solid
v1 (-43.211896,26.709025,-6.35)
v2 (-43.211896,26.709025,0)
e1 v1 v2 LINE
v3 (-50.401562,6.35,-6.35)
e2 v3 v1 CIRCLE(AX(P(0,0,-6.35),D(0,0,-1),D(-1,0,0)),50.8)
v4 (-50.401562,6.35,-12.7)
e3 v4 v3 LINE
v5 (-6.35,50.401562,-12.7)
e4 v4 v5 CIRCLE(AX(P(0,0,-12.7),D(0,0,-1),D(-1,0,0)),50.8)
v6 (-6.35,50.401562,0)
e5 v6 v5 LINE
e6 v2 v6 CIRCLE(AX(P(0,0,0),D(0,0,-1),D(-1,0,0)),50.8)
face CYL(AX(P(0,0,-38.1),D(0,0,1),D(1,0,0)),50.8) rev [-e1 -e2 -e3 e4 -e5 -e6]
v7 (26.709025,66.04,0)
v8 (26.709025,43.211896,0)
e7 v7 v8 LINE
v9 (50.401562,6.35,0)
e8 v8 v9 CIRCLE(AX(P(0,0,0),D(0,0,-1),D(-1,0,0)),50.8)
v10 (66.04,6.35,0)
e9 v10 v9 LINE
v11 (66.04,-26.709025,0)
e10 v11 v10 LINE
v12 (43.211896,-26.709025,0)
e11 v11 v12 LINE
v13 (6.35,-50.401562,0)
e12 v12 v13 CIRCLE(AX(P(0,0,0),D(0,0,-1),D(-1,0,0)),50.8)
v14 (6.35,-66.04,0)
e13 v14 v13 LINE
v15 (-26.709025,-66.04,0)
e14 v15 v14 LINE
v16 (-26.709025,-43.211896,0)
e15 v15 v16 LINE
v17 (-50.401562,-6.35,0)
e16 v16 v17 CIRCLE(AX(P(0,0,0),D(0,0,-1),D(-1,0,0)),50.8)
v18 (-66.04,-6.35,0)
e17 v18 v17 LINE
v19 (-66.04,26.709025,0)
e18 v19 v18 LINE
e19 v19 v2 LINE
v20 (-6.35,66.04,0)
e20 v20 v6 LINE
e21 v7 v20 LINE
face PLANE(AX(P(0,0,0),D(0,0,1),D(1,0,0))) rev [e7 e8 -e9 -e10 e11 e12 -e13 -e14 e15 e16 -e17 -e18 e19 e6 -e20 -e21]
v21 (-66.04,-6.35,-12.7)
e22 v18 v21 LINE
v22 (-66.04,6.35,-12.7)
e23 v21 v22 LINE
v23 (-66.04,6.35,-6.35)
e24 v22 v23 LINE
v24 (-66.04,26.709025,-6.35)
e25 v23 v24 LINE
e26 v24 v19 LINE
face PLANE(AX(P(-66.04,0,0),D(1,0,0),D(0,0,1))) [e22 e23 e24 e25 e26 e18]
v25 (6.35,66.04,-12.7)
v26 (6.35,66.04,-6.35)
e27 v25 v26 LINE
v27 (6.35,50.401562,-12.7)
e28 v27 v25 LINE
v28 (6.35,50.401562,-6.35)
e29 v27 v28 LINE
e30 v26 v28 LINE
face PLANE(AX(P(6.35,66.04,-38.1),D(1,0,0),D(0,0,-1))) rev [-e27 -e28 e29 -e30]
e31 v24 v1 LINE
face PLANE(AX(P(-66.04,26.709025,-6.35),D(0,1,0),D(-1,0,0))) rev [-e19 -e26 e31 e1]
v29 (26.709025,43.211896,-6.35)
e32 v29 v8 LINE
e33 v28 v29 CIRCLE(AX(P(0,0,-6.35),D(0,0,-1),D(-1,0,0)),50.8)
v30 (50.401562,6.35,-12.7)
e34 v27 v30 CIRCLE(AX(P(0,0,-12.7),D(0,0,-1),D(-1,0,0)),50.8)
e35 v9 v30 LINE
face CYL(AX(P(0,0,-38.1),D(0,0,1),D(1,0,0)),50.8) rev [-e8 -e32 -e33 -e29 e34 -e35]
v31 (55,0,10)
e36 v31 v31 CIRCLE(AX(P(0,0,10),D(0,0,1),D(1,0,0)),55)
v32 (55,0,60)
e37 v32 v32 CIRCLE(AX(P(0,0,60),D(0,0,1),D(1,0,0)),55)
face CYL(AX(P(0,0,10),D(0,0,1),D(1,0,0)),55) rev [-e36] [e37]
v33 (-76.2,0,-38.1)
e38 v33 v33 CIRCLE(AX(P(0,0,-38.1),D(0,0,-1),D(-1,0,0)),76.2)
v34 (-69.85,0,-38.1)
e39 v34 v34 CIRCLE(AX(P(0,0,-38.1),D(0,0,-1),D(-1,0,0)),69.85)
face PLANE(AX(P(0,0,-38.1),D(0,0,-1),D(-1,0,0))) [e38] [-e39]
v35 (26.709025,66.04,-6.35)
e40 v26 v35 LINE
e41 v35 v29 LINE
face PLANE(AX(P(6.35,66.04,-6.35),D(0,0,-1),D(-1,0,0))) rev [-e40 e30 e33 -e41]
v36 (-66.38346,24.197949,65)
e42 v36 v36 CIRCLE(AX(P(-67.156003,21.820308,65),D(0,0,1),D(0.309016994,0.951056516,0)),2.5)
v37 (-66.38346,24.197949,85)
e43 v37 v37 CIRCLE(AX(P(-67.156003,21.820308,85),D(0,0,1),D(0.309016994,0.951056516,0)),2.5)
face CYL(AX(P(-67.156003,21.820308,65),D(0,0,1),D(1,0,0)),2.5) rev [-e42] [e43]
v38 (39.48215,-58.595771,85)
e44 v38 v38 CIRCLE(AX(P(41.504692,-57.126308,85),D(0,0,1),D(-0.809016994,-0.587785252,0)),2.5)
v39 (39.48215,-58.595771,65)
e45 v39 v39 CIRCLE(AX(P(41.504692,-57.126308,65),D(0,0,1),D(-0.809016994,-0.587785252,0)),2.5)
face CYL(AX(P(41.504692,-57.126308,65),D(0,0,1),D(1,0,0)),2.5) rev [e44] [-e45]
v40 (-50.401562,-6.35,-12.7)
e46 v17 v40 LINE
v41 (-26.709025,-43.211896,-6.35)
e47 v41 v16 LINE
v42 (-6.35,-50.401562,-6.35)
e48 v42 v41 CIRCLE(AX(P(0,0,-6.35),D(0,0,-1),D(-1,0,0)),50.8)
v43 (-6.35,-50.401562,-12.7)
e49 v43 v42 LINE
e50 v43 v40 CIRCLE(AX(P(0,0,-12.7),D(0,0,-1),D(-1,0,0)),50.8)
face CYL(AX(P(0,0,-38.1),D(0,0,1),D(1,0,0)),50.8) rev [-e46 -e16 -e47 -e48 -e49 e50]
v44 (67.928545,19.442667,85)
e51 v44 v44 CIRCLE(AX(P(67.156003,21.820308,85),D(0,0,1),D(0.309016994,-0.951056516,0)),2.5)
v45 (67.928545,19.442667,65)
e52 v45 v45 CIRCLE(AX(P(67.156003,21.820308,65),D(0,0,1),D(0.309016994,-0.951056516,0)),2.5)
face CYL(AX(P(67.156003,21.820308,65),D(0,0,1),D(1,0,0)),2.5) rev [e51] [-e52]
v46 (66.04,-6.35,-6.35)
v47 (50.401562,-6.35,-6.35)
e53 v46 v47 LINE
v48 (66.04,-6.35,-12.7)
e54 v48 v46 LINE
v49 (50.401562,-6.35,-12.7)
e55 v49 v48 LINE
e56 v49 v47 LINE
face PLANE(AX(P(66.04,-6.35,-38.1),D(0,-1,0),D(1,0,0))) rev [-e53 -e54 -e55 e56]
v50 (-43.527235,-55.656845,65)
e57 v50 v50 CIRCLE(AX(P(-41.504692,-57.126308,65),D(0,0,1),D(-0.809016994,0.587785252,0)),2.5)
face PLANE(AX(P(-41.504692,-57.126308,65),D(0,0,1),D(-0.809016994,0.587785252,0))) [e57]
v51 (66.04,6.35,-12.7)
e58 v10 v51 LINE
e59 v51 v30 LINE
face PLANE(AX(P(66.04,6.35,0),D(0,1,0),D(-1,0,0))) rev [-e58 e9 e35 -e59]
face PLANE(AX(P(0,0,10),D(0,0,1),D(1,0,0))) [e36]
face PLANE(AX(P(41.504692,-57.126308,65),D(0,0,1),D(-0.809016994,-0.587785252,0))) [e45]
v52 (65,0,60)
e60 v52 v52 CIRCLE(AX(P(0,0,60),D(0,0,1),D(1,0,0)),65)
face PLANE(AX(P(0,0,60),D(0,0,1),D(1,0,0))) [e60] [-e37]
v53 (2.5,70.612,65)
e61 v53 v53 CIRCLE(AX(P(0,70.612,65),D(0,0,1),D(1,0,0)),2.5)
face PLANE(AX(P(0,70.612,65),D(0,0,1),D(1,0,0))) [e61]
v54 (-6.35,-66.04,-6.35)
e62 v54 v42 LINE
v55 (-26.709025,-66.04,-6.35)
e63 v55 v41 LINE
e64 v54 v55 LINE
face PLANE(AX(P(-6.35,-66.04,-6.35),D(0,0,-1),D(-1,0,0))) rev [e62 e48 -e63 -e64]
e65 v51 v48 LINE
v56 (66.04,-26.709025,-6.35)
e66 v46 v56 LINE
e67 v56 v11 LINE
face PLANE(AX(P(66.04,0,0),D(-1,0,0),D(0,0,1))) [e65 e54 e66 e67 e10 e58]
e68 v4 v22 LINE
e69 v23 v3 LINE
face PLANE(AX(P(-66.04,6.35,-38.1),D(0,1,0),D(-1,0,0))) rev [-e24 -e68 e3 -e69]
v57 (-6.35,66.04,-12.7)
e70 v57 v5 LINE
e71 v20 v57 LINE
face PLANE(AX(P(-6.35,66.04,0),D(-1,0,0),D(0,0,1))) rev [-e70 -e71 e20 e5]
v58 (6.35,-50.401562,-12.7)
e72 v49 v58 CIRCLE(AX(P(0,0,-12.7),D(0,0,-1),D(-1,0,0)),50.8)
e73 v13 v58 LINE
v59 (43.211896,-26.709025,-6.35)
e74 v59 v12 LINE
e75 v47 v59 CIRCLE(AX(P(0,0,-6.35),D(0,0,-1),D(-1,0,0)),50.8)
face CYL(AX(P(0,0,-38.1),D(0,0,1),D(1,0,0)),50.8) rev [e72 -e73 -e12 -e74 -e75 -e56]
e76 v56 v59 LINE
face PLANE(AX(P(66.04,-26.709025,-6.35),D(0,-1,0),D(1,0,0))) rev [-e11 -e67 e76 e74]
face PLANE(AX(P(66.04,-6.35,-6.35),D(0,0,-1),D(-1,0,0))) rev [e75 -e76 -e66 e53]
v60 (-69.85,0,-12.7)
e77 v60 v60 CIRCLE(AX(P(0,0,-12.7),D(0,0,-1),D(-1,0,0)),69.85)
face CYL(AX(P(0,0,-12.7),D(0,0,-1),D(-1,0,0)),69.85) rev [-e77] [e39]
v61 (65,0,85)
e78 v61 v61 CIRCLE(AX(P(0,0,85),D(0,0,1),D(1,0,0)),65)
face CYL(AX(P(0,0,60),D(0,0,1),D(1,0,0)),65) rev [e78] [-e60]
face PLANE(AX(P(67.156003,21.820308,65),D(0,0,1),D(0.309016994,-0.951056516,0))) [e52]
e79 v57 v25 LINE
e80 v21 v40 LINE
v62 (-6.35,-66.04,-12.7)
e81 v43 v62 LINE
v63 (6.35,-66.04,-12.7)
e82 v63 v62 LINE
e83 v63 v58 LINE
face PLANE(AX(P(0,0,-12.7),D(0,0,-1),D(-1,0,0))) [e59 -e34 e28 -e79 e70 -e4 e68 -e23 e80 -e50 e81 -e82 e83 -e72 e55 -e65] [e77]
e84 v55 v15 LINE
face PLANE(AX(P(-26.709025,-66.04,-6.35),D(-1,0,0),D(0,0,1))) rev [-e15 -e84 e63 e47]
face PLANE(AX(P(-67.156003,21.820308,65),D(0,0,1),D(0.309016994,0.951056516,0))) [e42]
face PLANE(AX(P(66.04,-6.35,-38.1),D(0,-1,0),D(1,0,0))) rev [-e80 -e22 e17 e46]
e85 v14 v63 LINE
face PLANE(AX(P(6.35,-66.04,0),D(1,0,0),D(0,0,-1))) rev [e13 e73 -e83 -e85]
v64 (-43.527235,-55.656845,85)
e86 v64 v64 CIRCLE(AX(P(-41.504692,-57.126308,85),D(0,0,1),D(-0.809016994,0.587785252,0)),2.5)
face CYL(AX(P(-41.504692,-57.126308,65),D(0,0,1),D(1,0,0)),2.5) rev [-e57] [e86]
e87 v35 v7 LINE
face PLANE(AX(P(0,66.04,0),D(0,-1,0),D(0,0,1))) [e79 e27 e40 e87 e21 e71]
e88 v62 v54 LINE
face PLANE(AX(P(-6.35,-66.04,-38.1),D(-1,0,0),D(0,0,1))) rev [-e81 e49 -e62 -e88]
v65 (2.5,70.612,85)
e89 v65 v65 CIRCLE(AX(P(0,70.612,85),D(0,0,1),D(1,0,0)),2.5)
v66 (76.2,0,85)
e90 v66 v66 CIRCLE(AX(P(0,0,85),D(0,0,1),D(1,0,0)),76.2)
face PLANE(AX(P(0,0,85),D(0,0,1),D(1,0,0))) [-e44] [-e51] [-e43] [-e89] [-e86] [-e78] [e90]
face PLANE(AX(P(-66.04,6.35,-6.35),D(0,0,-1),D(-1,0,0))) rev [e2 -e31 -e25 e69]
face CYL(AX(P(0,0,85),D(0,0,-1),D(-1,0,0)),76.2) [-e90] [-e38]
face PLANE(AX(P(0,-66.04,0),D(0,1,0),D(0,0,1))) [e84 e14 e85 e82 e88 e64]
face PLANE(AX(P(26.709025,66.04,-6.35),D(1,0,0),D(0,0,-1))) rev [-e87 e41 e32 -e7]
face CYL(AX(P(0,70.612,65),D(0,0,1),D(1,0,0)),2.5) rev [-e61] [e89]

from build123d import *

# Parameters (mm, degrees)
SKETCH2_R           = 76.2
BOSS_EXTRUDE1_DEPTH = 85
SKETCH4_R           = 65
CUT_EXTRUDE2_DEPTH  = 25
SKETCH5_R           = 55
CUT_EXTRUDE3_DEPTH  = 50
SKETCH7_R           = 2.5
CUT_EXTRUDE4_DEPTH  = 20
CIRPATTERN1_COUNT   = 5
BOSS_EXTRUDE2_START = 38.1
SKETCH8_R           = 76.2
SKETCH8_R_2         = 50.8
BOSS_EXTRUDE2_DEPTH = 38.1
CUT_EXTRUDE5_DEPTH  = 66.04
CIRPATTERN2_COUNT   = 4
SKETCH12_R          = 69.85
CUT_EXTRUDE6_DEPTH  = 25.4


with BuildPart() as part:
    # Sketch2 → Boss-Extrude1 (new body)
    with BuildSketch(Plane(origin=(0, 0, 0), x_dir=(0, 1, 0), z_dir=(0, 0, 1))):
        with Locations(Location((0, 0, 0), (0, 0, 270))):
            Circle(SKETCH2_R)
    extrude(amount=BOSS_EXTRUDE1_DEPTH)

    # Sketch4 → Cut-Extrude2 (cut)
    with BuildSketch(Plane.XY.offset(85)):
        Circle(SKETCH4_R)
    extrude(amount=-CUT_EXTRUDE2_DEPTH, mode=Mode.SUBTRACT)

    # Sketch5 → Cut-Extrude3 (cut)
    with BuildSketch(Plane.XY.offset(60)):
        Circle(SKETCH5_R)
    extrude(amount=-CUT_EXTRUDE3_DEPTH, mode=Mode.SUBTRACT)

    # Sketch7 → Cut-Extrude4 (cut)
    with BuildSketch(Plane.XY.offset(85)):
        with Locations((0, 70.612)):
            Circle(SKETCH7_R)
    cut_extrude4 = extrude(amount=-CUT_EXTRUDE4_DEPTH, mode=Mode.SUBTRACT)

    # CirPattern1: Cut-Extrude4 ×5 about axis
    cirpattern1_axis = Axis((0, 0, 0), (0, 0, 1))
    for i in range(1, CIRPATTERN1_COUNT):
        add(cut_extrude4.rotate(cirpattern1_axis, i * 360 / CIRPATTERN1_COUNT), mode=Mode.SUBTRACT)

    # Sketch8 → Boss-Extrude2 (add)
    with BuildSketch(Plane(origin=(0, 0, 0), x_dir=(1, 0, 0), z_dir=(0, 0, -1)).offset(BOSS_EXTRUDE2_START)):
        with Locations(Location((0, 0, 0), (0, 0, 180))):
            Circle(SKETCH8_R)
        Circle(SKETCH8_R_2, mode=Mode.SUBTRACT)
    extrude(amount=-BOSS_EXTRUDE2_DEPTH)

    # Sketch10 → Cut-Extrude5 (cut)
    with BuildSketch(Plane(origin=(0, 0, 0), x_dir=(-1, 0, 0), z_dir=(0, 1, 0))):
        Polygon((-6.35, 0), (-6.35, -38.1), (6.35, -38.1), (6.35, -6.35), (26.709025115, -6.35), (26.709025115, 0), align=None)
    cut_extrude5 = extrude(amount=-CUT_EXTRUDE5_DEPTH, mode=Mode.SUBTRACT)

    # CirPattern2: Cut-Extrude5 ×4 about axis
    cirpattern2_axis = Axis((0, 0, 0), (0, 0, 1))
    for i in range(1, CIRPATTERN2_COUNT):
        add(cut_extrude5.rotate(cirpattern2_axis, i * 360 / CIRPATTERN2_COUNT), mode=Mode.SUBTRACT)

    # Sketch12 → Cut-Extrude6 (cut)
    with BuildSketch(Plane(origin=(0, 0, -38.1), x_dir=(1, 0, 0), z_dir=(0, 0, -1))):
        with Locations(Location((0, 0, 0), (0, 0, 180))):
            Circle(SKETCH12_R)
    extrude(amount=-CUT_EXTRUDE6_DEPTH, mode=Mode.SUBTRACT)


solid = part.part
